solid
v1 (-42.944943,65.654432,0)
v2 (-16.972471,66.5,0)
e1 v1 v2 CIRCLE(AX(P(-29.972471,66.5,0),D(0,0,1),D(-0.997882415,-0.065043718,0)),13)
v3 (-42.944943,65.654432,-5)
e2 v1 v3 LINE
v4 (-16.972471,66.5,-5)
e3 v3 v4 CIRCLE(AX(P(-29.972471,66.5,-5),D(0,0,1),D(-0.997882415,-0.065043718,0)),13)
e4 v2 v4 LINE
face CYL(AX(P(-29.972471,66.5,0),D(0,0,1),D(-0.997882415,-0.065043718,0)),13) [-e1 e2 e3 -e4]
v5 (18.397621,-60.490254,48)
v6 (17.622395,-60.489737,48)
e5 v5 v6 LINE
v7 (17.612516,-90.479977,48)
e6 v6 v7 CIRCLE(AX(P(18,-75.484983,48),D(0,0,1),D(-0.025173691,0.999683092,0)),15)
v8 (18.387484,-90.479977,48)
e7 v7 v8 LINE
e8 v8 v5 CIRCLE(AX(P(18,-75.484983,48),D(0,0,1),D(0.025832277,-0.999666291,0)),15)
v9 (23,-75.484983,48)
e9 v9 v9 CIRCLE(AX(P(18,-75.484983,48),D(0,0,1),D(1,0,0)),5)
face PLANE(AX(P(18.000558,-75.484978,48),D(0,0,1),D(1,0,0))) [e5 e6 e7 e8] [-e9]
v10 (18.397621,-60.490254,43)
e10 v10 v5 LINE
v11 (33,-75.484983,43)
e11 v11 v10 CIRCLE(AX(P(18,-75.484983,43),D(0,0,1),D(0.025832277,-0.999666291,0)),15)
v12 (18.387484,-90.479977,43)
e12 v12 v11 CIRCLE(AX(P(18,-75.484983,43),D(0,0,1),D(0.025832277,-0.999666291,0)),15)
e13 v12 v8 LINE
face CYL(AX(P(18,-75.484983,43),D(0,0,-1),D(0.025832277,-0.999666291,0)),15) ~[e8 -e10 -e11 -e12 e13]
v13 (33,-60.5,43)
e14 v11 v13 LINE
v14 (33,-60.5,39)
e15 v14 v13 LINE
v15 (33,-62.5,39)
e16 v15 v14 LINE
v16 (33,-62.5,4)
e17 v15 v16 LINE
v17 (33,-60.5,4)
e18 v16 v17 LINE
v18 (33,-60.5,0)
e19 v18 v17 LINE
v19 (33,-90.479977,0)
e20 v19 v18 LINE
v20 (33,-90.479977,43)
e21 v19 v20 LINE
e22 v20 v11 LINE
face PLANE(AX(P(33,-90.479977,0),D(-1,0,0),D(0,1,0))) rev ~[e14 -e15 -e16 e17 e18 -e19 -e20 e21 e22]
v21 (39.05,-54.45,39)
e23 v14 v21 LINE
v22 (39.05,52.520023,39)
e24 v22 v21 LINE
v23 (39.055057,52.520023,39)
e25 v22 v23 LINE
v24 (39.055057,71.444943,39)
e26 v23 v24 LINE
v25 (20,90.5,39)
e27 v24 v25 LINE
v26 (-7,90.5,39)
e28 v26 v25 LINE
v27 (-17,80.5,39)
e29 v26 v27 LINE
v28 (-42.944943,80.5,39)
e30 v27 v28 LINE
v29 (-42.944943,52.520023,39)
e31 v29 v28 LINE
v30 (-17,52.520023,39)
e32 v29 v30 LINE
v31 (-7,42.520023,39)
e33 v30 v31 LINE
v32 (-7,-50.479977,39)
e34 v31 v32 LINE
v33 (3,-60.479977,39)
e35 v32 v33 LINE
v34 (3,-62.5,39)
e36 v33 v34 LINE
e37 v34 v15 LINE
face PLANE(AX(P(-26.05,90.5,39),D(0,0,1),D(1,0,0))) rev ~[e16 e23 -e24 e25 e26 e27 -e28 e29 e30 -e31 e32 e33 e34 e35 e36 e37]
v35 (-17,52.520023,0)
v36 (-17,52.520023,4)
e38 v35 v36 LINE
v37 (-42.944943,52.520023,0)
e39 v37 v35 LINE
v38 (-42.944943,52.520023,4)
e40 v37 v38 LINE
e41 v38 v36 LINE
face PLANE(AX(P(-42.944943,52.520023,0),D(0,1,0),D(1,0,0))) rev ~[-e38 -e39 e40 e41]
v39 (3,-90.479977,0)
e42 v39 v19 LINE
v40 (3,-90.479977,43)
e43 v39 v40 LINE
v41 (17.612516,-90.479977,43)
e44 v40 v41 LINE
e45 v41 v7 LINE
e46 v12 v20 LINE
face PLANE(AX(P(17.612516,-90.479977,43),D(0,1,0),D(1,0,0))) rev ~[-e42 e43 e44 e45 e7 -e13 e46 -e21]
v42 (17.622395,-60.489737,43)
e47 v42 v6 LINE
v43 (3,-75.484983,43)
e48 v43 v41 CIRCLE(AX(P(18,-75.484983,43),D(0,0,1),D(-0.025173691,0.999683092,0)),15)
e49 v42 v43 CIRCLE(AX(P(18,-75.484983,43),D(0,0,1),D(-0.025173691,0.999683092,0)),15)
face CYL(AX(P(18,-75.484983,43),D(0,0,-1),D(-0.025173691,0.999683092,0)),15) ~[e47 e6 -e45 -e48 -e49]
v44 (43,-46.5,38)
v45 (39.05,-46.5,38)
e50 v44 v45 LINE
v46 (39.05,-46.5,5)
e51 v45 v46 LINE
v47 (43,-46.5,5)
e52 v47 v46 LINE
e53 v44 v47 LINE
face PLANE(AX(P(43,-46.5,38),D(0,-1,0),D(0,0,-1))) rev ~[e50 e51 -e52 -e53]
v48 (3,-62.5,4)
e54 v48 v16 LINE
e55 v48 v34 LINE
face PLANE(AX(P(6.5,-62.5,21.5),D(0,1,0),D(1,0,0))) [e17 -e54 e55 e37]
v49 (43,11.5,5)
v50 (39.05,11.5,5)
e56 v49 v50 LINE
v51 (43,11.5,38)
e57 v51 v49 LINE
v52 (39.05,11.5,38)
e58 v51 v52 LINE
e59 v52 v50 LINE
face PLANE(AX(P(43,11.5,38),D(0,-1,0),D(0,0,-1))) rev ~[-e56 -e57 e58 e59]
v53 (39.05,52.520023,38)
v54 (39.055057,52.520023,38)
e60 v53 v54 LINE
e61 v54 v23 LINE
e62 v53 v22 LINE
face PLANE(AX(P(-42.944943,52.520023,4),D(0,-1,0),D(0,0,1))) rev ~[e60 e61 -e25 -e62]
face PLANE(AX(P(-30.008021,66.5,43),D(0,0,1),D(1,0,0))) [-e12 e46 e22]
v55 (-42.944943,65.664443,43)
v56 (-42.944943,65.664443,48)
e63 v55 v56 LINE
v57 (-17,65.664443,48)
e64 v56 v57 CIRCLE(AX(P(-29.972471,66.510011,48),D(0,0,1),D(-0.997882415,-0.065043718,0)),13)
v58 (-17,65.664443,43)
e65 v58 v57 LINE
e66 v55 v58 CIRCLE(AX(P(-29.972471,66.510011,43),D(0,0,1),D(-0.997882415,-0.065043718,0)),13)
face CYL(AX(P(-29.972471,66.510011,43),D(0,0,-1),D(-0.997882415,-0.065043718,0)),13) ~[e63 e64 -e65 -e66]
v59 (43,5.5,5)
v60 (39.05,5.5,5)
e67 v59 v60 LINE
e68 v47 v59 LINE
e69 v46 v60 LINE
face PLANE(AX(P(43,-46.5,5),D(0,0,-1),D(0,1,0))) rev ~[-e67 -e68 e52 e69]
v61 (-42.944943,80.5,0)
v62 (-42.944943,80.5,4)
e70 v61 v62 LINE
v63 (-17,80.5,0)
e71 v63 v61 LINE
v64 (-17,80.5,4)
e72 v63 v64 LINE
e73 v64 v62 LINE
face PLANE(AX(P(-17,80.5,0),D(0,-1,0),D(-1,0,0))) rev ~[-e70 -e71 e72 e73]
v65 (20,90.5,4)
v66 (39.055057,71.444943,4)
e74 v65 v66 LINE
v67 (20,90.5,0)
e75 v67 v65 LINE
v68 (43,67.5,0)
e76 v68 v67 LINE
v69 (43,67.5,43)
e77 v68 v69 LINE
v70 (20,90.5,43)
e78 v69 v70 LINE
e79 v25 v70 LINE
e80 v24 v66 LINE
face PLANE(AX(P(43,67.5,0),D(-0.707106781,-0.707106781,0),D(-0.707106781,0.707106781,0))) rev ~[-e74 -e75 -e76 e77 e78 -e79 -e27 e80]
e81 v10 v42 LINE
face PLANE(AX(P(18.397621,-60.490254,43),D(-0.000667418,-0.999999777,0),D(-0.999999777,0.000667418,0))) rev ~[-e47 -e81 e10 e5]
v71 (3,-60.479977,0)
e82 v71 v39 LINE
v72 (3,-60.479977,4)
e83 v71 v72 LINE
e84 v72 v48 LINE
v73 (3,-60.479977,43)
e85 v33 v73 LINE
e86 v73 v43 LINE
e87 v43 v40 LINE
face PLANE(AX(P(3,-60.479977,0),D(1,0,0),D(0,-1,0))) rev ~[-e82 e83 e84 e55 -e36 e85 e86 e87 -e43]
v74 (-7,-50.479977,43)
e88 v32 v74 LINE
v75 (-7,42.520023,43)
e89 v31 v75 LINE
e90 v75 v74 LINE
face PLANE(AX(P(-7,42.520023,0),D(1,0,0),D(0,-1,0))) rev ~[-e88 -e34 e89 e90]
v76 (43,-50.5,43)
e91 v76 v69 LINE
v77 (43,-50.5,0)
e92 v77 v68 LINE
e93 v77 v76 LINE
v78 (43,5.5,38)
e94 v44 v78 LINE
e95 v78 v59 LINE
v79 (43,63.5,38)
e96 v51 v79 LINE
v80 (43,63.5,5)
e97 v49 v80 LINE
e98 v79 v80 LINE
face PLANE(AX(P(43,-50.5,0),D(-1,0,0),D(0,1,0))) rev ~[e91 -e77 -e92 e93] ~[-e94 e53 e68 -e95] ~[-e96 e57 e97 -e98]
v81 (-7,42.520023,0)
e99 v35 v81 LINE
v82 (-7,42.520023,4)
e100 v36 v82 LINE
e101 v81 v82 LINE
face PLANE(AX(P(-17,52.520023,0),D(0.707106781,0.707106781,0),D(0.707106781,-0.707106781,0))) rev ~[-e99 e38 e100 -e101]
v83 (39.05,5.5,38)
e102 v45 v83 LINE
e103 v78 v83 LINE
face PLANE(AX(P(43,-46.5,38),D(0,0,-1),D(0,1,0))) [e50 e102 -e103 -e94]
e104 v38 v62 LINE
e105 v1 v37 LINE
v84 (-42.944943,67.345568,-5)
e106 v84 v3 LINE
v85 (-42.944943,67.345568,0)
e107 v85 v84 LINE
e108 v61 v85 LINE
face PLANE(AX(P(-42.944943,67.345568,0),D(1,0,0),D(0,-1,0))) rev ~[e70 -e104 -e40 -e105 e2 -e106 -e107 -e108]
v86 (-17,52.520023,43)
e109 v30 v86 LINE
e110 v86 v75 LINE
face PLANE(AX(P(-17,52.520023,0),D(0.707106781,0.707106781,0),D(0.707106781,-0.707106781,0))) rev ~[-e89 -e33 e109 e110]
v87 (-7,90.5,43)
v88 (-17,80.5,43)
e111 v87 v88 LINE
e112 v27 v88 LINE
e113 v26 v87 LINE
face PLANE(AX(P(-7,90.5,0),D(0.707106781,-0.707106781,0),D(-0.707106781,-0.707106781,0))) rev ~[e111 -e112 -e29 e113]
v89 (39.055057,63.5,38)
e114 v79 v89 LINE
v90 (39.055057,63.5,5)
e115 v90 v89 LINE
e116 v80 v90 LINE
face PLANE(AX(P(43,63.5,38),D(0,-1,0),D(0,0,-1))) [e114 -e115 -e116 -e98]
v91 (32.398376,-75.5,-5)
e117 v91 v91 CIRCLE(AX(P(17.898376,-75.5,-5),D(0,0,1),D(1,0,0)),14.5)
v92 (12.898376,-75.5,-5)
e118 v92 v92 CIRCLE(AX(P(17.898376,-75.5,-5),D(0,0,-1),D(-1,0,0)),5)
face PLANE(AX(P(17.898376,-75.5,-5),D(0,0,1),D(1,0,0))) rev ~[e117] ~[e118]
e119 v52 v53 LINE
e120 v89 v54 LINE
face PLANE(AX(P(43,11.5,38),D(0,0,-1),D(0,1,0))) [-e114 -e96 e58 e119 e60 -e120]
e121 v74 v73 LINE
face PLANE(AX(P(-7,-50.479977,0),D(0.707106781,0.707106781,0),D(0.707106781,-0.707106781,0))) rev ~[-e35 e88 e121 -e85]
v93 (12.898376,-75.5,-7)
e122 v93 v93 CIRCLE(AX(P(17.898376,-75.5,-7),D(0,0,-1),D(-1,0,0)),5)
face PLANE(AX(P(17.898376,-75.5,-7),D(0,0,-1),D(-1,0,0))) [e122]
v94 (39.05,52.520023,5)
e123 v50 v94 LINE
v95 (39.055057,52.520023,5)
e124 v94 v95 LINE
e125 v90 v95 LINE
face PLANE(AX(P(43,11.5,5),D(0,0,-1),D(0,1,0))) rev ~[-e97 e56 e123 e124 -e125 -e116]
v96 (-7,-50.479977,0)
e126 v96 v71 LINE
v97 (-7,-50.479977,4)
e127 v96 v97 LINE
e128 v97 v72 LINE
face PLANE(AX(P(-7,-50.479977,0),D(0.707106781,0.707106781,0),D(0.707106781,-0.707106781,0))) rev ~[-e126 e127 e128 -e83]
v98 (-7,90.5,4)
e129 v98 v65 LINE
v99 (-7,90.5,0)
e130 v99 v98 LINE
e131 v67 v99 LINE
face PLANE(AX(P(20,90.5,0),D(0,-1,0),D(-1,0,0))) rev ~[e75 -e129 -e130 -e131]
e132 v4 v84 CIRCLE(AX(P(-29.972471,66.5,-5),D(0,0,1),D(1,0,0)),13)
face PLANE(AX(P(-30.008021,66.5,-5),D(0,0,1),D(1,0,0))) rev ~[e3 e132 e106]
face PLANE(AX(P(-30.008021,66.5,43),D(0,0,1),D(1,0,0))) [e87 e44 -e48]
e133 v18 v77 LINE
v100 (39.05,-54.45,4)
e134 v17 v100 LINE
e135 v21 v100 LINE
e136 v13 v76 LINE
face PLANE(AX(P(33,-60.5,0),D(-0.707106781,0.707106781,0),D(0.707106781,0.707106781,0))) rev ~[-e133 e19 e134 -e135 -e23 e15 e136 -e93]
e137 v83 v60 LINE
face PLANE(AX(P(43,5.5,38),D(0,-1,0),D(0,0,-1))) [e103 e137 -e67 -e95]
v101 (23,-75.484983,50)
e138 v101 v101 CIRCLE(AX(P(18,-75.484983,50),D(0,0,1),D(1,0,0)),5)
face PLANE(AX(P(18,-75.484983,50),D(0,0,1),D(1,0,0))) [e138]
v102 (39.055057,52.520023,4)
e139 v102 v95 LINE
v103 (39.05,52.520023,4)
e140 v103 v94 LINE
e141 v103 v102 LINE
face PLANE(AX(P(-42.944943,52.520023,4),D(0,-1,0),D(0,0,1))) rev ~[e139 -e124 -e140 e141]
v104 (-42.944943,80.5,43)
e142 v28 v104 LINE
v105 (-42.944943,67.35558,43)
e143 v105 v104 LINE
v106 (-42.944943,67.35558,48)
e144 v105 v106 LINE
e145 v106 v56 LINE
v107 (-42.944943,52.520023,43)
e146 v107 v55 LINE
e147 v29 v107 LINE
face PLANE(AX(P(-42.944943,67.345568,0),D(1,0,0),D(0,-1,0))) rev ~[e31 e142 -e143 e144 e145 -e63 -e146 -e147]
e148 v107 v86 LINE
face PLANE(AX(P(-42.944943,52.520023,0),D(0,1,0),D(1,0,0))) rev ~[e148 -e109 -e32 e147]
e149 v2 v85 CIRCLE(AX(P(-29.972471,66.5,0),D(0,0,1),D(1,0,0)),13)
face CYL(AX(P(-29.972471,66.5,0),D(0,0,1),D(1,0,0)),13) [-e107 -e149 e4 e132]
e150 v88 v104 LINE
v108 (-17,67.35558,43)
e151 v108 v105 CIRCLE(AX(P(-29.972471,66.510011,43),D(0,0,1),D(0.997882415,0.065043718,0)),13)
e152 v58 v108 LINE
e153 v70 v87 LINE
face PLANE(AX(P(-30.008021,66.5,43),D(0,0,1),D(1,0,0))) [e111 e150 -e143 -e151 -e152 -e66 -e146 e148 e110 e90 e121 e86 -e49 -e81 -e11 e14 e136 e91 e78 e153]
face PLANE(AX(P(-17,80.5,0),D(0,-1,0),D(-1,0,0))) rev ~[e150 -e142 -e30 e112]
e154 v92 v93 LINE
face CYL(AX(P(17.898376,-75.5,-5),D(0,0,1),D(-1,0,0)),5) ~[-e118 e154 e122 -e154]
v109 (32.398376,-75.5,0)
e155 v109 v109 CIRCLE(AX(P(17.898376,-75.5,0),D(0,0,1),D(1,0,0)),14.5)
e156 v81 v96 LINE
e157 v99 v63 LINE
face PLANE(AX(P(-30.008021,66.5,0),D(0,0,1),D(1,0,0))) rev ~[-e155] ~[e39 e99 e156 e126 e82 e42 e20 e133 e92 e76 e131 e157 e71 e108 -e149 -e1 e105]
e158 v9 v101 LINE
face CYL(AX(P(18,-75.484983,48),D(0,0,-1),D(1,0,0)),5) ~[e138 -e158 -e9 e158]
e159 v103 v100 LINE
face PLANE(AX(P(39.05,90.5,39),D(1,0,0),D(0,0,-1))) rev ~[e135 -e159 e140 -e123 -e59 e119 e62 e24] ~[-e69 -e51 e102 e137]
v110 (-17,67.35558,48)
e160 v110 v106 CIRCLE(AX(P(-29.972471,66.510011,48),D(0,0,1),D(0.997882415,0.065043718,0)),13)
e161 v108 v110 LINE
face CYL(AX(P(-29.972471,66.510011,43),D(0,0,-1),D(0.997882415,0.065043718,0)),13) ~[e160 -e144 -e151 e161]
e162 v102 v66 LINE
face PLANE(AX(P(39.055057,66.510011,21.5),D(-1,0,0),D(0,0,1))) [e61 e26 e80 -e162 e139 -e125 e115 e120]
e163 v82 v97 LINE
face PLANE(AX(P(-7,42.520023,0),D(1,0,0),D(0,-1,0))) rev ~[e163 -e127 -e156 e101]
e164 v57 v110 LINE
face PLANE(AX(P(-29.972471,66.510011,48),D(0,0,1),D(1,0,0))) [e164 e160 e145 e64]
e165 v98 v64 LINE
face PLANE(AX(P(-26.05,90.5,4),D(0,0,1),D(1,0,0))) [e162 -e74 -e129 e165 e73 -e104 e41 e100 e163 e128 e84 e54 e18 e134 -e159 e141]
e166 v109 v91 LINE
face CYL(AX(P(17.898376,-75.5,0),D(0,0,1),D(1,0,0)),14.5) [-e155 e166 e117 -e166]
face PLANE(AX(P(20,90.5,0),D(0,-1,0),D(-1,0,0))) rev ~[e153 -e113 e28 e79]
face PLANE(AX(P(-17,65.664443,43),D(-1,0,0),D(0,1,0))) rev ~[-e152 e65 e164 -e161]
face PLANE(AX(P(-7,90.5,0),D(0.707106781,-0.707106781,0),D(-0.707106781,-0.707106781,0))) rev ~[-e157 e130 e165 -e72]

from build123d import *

# Parameters (mm, degrees)
SKETCH1_R           = 14.5
BOSS_EXTRUDE1_DEPTH = 43
SKETCH1_5_R         = 14.5
BOSS_EXTRUDE2_DEPTH = 43
BOSS_EXTRUDE3_DEPTH = 43
BOSS_EXTRUDE4_DEPTH = 5
SKETCH1_8_R         = 14.5
BOSS_EXTRUDE5_DEPTH = 5
SKETCH3_R           = 5
BOSS_EXTRUDE6_DEPTH = 2
BOSS_EXTRUDE7_DEPTH = 5
BOSS_EXTRUDE8_DEPTH = 5
SKETCH5_R           = 5
BOSS_EXTRUDE9_DEPTH = 2
SKETCH6_W           = 35
SKETCH6_H           = 27.979977464
CUT_EXTRUDE1_DEPTH  = 82
SKETCH7_W           = 65.1
SKETCH7_H           = 35
CUT_EXTRUDE4_DEPTH  = 153
SKETCH9_W           = 33
SKETCH9_H           = 52
CUT_EXTRUDE5_DEPTH  = 33


with BuildPart() as part:
    # Sketch1 → Boss-Extrude1 (new body)
    with BuildSketch(Plane.XY):
        with BuildLine():
            Line((-17, 80.5), (-42.944942798, 80.5))
            Line((-42.944942798, 80.5), (-42.944942798, 67.345568333))
            ThreePointArc((-42.944942798, 67.345568333), (-29.549463234, 79.493116027), (-16.972471399, 66.5))
            ThreePointArc((-16.972471399, 66.5), (-29.549463234, 53.506883973), (-42.944942798, 65.654431667))
            Line((-42.944942798, 65.654431667), (-42.944942798, 52.520022536))
            Line((-42.944942798, 52.520022536), (-17, 52.520022536))
            Line((-17, 52.520022536), (-7, 42.520022536))
            Line((-7, 42.520022536), (-7, -50.479977464))
            Line((-7, -50.479977464), (3, -60.479977464))
            Line((3, -60.479977464), (3, -90.479977464))
            Line((3, -90.479977464), (33, -90.479977464))
            Line((33, -90.479977464), (33, -60.5))
            Line((33, -60.5), (43, -50.5))
            Line((43, -50.5), (43, 67.5))
            Line((43, 67.5), (20, 90.5))
            Line((20, 90.5), (-7, 90.5))
            Line((-7, 90.5), (-17, 80.5))
        make_face()
        with Locations((17.898375843, -75.5)):
            Circle(SKETCH1_R, mode=Mode.SUBTRACT)
    extrude(amount=BOSS_EXTRUDE1_DEPTH)

    # Sketch1<5> → Boss-Extrude2 (add)
    with BuildSketch(Plane.XY):
        with Locations((17.898375843, -75.5)):
            Circle(SKETCH1_5_R)
    extrude(amount=BOSS_EXTRUDE2_DEPTH)

    # Sketch1<6> → Boss-Extrude3 (add)
    with BuildSketch(Plane.XY):
        with BuildLine():
            ThreePointArc((-16.972471399, 66.5), (-29.549463234, 79.493116027), (-42.944942798, 67.345568333))
            Line((-42.944942798, 67.345568333), (-42.944942798, 65.654431667))
            ThreePointArc((-42.944942798, 65.654431667), (-29.549463234, 53.506883973), (-16.972471399, 66.5))
        make_face()
    extrude(amount=BOSS_EXTRUDE3_DEPTH)

    # Sketch1<7> → Boss-Extrude4 (add)
    with BuildSketch(Plane.XY):
        with BuildLine():
            ThreePointArc((-16.972471399, 66.5), (-29.549463234, 79.493116027), (-42.944942798, 67.345568333))
            Line((-42.944942798, 67.345568333), (-42.944942798, 65.654431667))
            ThreePointArc((-42.944942798, 65.654431667), (-29.549463234, 53.506883973), (-16.972471399, 66.5))
        make_face()
    extrude(amount=-BOSS_EXTRUDE4_DEPTH)

    # Sketch1<8> → Boss-Extrude5 (add)
    with BuildSketch(Plane.XY):
        with Locations((17.898375843, -75.5)):
            Circle(SKETCH1_8_R)
    extrude(amount=-BOSS_EXTRUDE5_DEPTH)

    # Sketch3 → Boss-Extrude6 (add)
    with BuildSketch(Plane(origin=(0, 0, -5), x_dir=(-1, 0, 0), z_dir=(0, 0, -1))):
        with Locations((-17.898375843, -75.5)):
            Circle(SKETCH3_R)
    extrude(amount=BOSS_EXTRUDE6_DEPTH)

    # Sketch4 → Boss-Extrude7 (add)
    with BuildSketch(Plane.XY.offset(43)):
        with BuildLine():
            ThreePointArc((-17, 67.355579601), (-29.972471399, 79.510011268), (-42.944942798, 67.355579601))
            Line((-42.944942798, 67.355579601), (-42.944942798, 65.664442935))
            ThreePointArc((-42.944942798, 65.664442935), (-29.972471399, 53.510011268), (-17, 65.664442935))
            Line((-17, 65.664442935), (-17, 67.355579601))
        make_face()
    extrude(amount=BOSS_EXTRUDE7_DEPTH)

    # Sketch4<3> → Boss-Extrude8 (add)
    with BuildSketch(Plane.XY.offset(43)):
        with BuildLine():
            ThreePointArc((17.62239464, -60.489736711), (3.000000814, -75.480042097), (17.612515852, -90.479977464))
            Line((17.612515852, -90.479977464), (18.387484148, -90.479977464))
            ThreePointArc((18.387484148, -90.479977464), (32.999999143, -75.490053363), (18.397621205, -60.490254111))
            Line((18.397621205, -60.490254111), (17.62239464, -60.489736711))
        make_face()
    extrude(amount=BOSS_EXTRUDE8_DEPTH)

    # Sketch5 → Boss-Extrude9 (add)
    with BuildSketch(Plane.XY.offset(48)):
        with Locations((18, -75.484983098)):
            Circle(SKETCH5_R)
    extrude(amount=BOSS_EXTRUDE9_DEPTH)

    # Sketch6 → Cut-Extrude1 (cut)
    with BuildSketch(Plane.ZY.offset(42.944942798)):
        with Locations((21.5, 66.510011268)):
            Rectangle(SKETCH6_W, SKETCH6_H)
    extrude(amount=-CUT_EXTRUDE1_DEPTH, mode=Mode.SUBTRACT)

    # Sketch7 → Cut-Extrude4 (cut)
    with BuildSketch(Plane(origin=(0, 90.5, 0), x_dir=(1, 0, 0), z_dir=(0, 1, 0))):
        with Locations((6.5, -21.5)):
            Rectangle(SKETCH7_W, SKETCH7_H)
    extrude(amount=-CUT_EXTRUDE4_DEPTH, mode=Mode.SUBTRACT)

    # Sketch9 → Cut-Extrude5 (cut)
    with BuildSketch(Plane(origin=(43, 0, 0), x_dir=(0, 0, -1), z_dir=(1, 0, 0))):
        with Locations((-21.5, 37.5)):
            Rectangle(SKETCH9_W, SKETCH9_H)
        with Locations((-21.5, -20.5)):
            Rectangle(SKETCH9_W, SKETCH9_H)
    extrude(amount=-CUT_EXTRUDE5_DEPTH, mode=Mode.SUBTRACT)


solid = part.part
